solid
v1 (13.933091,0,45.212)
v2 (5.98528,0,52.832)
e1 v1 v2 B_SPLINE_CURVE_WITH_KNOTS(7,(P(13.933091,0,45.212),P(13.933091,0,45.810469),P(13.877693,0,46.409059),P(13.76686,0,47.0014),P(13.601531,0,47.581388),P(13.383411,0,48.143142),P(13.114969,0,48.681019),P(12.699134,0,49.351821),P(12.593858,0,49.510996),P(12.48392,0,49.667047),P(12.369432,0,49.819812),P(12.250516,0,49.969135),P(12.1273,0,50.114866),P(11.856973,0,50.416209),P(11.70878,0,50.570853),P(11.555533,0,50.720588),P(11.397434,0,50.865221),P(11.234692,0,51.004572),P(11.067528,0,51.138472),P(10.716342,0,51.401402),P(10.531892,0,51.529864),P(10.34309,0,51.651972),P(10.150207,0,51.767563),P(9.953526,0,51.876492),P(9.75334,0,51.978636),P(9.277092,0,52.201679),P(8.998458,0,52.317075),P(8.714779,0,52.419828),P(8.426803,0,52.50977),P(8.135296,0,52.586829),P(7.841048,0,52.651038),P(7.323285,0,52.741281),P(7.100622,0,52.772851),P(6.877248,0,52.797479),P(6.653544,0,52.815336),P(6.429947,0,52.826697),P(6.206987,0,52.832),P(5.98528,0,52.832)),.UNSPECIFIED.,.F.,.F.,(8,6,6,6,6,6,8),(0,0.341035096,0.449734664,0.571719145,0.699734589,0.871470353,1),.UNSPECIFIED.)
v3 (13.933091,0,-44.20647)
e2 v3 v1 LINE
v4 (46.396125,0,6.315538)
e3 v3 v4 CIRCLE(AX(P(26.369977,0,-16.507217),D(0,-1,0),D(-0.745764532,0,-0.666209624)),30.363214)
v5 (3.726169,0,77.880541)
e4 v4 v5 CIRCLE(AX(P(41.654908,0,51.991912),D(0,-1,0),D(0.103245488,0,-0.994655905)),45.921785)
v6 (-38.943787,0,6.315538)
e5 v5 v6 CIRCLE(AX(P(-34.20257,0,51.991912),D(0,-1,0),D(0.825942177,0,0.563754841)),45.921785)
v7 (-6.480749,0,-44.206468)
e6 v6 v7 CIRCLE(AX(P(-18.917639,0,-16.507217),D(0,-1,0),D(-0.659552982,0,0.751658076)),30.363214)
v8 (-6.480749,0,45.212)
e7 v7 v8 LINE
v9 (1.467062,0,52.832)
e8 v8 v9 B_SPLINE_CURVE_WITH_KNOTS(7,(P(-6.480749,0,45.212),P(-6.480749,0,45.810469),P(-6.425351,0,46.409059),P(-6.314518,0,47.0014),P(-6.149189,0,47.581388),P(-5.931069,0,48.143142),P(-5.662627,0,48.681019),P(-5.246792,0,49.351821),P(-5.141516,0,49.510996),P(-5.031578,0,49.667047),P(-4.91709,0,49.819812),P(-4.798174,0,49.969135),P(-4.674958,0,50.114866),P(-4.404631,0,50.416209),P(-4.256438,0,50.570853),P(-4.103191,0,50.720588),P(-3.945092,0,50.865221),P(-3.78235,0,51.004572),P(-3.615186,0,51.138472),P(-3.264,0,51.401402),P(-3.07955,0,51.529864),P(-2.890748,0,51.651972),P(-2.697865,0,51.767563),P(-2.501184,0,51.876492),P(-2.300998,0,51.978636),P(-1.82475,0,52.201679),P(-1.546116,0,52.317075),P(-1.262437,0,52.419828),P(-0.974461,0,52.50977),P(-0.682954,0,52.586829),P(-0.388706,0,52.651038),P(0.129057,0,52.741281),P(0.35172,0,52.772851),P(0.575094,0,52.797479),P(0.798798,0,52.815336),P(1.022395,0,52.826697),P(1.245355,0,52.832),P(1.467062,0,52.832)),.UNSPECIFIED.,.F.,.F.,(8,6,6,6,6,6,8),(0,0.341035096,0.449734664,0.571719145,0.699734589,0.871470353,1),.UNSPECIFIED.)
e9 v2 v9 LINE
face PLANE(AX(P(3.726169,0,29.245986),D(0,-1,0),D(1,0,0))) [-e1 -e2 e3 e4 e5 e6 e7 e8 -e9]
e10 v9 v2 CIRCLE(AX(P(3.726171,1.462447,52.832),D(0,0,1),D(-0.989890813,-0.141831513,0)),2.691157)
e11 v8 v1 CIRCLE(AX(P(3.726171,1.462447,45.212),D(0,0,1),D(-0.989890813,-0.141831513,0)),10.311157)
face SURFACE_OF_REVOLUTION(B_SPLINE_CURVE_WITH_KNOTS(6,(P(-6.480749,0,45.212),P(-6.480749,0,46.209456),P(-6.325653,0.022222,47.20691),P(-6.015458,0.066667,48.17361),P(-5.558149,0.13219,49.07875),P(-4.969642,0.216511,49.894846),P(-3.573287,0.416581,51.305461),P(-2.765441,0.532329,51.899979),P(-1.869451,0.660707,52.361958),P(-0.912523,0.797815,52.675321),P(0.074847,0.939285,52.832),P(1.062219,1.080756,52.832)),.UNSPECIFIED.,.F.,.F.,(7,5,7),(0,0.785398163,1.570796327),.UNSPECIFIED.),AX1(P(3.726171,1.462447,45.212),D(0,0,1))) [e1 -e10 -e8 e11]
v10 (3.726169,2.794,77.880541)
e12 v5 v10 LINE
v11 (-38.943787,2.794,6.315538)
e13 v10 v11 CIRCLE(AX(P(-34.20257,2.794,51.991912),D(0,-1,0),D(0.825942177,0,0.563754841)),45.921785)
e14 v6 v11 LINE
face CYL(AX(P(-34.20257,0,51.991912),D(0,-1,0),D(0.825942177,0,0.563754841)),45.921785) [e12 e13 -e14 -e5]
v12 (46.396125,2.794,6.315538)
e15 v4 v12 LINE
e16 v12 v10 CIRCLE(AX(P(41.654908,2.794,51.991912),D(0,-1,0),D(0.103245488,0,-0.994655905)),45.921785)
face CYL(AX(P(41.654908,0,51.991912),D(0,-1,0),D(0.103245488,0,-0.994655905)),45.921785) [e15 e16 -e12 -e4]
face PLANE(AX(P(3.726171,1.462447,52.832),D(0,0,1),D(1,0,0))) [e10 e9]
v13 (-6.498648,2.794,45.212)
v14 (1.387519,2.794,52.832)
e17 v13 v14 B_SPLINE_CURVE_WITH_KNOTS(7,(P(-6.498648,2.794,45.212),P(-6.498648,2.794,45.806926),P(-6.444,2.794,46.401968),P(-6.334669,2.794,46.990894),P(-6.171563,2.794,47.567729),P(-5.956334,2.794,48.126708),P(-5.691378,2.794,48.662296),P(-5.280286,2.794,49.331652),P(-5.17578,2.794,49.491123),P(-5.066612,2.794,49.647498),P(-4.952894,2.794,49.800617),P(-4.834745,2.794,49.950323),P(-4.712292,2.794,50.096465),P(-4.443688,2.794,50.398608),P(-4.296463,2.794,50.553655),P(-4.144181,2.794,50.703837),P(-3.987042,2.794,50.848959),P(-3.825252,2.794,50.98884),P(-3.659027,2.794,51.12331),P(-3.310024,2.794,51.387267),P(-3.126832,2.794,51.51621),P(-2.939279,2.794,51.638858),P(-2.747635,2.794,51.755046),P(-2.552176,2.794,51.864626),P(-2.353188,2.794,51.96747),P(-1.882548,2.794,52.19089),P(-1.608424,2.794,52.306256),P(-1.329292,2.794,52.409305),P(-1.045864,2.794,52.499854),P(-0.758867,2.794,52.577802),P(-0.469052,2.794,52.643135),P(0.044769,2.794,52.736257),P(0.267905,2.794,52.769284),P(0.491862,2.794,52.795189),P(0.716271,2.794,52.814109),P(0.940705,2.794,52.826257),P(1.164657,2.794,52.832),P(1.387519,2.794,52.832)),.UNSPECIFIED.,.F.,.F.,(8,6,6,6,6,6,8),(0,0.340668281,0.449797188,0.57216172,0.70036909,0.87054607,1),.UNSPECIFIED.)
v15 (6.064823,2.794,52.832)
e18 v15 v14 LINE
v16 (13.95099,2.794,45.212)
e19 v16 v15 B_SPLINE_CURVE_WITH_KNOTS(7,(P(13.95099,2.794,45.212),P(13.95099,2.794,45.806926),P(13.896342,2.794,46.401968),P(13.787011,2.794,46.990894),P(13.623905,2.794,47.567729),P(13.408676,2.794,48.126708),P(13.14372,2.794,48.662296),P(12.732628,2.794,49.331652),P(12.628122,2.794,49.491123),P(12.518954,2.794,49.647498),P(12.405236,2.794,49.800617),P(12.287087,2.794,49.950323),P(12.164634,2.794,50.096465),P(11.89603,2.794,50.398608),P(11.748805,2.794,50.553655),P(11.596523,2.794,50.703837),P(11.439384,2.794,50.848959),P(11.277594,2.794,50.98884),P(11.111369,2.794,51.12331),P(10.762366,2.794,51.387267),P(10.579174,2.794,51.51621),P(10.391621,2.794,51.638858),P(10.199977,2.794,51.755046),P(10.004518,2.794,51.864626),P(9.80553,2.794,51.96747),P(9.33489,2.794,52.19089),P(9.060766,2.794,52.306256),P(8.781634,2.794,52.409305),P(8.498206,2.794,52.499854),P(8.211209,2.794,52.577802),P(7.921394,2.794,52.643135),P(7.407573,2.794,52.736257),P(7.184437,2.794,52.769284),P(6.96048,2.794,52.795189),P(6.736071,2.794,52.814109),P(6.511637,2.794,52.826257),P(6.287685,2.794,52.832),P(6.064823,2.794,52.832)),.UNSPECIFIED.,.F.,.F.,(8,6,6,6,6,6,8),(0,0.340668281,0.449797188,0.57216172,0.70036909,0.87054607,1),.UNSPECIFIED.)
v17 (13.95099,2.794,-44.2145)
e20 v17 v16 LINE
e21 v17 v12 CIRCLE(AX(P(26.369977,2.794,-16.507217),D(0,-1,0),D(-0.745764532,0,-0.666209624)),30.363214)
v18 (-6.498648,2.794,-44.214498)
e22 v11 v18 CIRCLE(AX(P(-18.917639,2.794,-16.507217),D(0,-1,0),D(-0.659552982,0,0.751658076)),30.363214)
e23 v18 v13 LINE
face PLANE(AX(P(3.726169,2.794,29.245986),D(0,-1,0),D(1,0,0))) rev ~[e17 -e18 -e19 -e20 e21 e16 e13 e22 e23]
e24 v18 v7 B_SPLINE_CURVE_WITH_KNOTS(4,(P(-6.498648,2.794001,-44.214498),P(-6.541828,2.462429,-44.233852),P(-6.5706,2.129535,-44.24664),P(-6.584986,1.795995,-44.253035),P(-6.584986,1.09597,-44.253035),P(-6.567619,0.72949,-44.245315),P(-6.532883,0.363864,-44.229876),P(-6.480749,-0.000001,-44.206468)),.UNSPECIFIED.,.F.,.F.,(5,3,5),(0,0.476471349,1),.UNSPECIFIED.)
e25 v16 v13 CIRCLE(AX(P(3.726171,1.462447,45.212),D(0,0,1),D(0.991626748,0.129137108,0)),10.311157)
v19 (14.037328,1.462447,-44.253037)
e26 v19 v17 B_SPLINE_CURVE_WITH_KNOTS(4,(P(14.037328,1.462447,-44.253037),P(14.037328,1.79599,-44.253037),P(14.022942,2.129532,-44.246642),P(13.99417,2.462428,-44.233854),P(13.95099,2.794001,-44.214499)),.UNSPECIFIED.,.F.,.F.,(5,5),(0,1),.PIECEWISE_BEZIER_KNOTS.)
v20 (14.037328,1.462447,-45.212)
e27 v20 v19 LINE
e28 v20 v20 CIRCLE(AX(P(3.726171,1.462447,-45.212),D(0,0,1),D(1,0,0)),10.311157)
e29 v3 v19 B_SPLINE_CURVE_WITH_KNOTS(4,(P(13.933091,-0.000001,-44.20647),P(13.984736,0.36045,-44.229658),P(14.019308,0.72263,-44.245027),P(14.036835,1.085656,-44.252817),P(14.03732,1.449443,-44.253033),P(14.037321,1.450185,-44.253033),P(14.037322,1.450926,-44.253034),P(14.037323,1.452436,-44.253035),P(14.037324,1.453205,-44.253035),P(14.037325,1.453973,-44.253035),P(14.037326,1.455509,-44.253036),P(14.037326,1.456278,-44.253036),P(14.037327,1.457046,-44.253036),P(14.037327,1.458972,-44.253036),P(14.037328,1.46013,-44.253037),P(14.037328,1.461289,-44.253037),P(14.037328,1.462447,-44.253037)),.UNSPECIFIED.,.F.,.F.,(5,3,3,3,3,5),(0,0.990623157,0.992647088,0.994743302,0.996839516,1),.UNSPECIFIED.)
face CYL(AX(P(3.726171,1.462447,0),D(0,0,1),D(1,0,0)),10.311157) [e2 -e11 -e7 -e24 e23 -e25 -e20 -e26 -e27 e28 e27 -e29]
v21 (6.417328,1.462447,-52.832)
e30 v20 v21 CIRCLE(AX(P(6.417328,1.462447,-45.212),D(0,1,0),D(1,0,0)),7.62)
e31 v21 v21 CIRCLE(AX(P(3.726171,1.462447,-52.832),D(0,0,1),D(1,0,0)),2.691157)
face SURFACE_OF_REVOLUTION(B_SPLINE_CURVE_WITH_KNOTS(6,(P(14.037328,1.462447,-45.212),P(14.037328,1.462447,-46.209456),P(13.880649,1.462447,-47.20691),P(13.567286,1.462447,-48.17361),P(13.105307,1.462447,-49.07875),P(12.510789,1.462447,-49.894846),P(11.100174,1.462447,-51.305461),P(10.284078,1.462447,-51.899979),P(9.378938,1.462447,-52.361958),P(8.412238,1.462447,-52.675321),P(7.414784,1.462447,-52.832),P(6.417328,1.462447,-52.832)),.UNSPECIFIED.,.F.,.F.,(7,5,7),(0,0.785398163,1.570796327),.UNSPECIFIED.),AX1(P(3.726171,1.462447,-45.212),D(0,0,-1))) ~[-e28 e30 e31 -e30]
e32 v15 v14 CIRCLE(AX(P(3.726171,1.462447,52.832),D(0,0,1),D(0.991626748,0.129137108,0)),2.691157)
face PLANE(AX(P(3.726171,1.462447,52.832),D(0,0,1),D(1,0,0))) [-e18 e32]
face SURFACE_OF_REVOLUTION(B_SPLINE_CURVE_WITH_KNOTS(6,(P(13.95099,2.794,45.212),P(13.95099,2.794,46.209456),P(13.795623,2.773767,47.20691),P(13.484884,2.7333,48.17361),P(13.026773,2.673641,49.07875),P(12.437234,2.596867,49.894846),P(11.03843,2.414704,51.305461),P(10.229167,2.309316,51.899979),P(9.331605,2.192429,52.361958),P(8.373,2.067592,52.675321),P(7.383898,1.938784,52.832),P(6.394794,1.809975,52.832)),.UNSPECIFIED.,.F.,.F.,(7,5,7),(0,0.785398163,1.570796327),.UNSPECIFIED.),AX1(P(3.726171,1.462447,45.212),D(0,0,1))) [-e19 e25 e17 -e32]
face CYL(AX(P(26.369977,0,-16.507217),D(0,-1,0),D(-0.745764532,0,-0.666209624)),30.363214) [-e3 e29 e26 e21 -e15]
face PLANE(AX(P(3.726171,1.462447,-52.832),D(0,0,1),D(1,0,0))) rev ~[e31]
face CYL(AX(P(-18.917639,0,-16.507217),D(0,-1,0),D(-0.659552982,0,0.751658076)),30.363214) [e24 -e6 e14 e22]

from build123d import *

# Parameters (mm, degrees)
F1_DEPTH = 2.794
F2_R     = 10.311157
F3_DEPTH = 52.832
F4_R     = 7.62


with BuildPart() as f1:
    # F0 (on Front) → F1 (new body)
    with BuildSketch(Plane.XZ):
        with BuildLine():
            ThreePointArc((3.726169, 77.880541), (-73.645444, 75.509353), (-38.943787, 6.315538))
            ThreePointArc((-38.943787, 6.315538), (-40.482903, -37.881597), (3.726169, -36.735482))
            ThreePointArc((3.726169, -36.735482), (47.935241, -37.881597), (46.396125, 6.315538))
            ThreePointArc((46.396125, 6.315538), (81.097782, 75.509353), (3.726169, 77.880541))
        make_face()
    extrude(amount=-F1_DEPTH)

    # F2 (on Top) → F3 (join, symmetric)
    with BuildSketch(Plane.XY):
        with Locations((3.726171, 1.462447)):
            Circle(F2_R)
    extrude(amount=F3_DEPTH, both=True)

    # F4
    f4_edges = [f1.edges().sort_by_distance(p)[0] for p in [
        (3.726171, 11.773604, 52.832),
        (3.726171, -8.84871, 52.832),
        (-6.584986, 1.462447, -52.832),
    ]]
    fillet(f4_edges, radius=F4_R)


solid = f1.part
